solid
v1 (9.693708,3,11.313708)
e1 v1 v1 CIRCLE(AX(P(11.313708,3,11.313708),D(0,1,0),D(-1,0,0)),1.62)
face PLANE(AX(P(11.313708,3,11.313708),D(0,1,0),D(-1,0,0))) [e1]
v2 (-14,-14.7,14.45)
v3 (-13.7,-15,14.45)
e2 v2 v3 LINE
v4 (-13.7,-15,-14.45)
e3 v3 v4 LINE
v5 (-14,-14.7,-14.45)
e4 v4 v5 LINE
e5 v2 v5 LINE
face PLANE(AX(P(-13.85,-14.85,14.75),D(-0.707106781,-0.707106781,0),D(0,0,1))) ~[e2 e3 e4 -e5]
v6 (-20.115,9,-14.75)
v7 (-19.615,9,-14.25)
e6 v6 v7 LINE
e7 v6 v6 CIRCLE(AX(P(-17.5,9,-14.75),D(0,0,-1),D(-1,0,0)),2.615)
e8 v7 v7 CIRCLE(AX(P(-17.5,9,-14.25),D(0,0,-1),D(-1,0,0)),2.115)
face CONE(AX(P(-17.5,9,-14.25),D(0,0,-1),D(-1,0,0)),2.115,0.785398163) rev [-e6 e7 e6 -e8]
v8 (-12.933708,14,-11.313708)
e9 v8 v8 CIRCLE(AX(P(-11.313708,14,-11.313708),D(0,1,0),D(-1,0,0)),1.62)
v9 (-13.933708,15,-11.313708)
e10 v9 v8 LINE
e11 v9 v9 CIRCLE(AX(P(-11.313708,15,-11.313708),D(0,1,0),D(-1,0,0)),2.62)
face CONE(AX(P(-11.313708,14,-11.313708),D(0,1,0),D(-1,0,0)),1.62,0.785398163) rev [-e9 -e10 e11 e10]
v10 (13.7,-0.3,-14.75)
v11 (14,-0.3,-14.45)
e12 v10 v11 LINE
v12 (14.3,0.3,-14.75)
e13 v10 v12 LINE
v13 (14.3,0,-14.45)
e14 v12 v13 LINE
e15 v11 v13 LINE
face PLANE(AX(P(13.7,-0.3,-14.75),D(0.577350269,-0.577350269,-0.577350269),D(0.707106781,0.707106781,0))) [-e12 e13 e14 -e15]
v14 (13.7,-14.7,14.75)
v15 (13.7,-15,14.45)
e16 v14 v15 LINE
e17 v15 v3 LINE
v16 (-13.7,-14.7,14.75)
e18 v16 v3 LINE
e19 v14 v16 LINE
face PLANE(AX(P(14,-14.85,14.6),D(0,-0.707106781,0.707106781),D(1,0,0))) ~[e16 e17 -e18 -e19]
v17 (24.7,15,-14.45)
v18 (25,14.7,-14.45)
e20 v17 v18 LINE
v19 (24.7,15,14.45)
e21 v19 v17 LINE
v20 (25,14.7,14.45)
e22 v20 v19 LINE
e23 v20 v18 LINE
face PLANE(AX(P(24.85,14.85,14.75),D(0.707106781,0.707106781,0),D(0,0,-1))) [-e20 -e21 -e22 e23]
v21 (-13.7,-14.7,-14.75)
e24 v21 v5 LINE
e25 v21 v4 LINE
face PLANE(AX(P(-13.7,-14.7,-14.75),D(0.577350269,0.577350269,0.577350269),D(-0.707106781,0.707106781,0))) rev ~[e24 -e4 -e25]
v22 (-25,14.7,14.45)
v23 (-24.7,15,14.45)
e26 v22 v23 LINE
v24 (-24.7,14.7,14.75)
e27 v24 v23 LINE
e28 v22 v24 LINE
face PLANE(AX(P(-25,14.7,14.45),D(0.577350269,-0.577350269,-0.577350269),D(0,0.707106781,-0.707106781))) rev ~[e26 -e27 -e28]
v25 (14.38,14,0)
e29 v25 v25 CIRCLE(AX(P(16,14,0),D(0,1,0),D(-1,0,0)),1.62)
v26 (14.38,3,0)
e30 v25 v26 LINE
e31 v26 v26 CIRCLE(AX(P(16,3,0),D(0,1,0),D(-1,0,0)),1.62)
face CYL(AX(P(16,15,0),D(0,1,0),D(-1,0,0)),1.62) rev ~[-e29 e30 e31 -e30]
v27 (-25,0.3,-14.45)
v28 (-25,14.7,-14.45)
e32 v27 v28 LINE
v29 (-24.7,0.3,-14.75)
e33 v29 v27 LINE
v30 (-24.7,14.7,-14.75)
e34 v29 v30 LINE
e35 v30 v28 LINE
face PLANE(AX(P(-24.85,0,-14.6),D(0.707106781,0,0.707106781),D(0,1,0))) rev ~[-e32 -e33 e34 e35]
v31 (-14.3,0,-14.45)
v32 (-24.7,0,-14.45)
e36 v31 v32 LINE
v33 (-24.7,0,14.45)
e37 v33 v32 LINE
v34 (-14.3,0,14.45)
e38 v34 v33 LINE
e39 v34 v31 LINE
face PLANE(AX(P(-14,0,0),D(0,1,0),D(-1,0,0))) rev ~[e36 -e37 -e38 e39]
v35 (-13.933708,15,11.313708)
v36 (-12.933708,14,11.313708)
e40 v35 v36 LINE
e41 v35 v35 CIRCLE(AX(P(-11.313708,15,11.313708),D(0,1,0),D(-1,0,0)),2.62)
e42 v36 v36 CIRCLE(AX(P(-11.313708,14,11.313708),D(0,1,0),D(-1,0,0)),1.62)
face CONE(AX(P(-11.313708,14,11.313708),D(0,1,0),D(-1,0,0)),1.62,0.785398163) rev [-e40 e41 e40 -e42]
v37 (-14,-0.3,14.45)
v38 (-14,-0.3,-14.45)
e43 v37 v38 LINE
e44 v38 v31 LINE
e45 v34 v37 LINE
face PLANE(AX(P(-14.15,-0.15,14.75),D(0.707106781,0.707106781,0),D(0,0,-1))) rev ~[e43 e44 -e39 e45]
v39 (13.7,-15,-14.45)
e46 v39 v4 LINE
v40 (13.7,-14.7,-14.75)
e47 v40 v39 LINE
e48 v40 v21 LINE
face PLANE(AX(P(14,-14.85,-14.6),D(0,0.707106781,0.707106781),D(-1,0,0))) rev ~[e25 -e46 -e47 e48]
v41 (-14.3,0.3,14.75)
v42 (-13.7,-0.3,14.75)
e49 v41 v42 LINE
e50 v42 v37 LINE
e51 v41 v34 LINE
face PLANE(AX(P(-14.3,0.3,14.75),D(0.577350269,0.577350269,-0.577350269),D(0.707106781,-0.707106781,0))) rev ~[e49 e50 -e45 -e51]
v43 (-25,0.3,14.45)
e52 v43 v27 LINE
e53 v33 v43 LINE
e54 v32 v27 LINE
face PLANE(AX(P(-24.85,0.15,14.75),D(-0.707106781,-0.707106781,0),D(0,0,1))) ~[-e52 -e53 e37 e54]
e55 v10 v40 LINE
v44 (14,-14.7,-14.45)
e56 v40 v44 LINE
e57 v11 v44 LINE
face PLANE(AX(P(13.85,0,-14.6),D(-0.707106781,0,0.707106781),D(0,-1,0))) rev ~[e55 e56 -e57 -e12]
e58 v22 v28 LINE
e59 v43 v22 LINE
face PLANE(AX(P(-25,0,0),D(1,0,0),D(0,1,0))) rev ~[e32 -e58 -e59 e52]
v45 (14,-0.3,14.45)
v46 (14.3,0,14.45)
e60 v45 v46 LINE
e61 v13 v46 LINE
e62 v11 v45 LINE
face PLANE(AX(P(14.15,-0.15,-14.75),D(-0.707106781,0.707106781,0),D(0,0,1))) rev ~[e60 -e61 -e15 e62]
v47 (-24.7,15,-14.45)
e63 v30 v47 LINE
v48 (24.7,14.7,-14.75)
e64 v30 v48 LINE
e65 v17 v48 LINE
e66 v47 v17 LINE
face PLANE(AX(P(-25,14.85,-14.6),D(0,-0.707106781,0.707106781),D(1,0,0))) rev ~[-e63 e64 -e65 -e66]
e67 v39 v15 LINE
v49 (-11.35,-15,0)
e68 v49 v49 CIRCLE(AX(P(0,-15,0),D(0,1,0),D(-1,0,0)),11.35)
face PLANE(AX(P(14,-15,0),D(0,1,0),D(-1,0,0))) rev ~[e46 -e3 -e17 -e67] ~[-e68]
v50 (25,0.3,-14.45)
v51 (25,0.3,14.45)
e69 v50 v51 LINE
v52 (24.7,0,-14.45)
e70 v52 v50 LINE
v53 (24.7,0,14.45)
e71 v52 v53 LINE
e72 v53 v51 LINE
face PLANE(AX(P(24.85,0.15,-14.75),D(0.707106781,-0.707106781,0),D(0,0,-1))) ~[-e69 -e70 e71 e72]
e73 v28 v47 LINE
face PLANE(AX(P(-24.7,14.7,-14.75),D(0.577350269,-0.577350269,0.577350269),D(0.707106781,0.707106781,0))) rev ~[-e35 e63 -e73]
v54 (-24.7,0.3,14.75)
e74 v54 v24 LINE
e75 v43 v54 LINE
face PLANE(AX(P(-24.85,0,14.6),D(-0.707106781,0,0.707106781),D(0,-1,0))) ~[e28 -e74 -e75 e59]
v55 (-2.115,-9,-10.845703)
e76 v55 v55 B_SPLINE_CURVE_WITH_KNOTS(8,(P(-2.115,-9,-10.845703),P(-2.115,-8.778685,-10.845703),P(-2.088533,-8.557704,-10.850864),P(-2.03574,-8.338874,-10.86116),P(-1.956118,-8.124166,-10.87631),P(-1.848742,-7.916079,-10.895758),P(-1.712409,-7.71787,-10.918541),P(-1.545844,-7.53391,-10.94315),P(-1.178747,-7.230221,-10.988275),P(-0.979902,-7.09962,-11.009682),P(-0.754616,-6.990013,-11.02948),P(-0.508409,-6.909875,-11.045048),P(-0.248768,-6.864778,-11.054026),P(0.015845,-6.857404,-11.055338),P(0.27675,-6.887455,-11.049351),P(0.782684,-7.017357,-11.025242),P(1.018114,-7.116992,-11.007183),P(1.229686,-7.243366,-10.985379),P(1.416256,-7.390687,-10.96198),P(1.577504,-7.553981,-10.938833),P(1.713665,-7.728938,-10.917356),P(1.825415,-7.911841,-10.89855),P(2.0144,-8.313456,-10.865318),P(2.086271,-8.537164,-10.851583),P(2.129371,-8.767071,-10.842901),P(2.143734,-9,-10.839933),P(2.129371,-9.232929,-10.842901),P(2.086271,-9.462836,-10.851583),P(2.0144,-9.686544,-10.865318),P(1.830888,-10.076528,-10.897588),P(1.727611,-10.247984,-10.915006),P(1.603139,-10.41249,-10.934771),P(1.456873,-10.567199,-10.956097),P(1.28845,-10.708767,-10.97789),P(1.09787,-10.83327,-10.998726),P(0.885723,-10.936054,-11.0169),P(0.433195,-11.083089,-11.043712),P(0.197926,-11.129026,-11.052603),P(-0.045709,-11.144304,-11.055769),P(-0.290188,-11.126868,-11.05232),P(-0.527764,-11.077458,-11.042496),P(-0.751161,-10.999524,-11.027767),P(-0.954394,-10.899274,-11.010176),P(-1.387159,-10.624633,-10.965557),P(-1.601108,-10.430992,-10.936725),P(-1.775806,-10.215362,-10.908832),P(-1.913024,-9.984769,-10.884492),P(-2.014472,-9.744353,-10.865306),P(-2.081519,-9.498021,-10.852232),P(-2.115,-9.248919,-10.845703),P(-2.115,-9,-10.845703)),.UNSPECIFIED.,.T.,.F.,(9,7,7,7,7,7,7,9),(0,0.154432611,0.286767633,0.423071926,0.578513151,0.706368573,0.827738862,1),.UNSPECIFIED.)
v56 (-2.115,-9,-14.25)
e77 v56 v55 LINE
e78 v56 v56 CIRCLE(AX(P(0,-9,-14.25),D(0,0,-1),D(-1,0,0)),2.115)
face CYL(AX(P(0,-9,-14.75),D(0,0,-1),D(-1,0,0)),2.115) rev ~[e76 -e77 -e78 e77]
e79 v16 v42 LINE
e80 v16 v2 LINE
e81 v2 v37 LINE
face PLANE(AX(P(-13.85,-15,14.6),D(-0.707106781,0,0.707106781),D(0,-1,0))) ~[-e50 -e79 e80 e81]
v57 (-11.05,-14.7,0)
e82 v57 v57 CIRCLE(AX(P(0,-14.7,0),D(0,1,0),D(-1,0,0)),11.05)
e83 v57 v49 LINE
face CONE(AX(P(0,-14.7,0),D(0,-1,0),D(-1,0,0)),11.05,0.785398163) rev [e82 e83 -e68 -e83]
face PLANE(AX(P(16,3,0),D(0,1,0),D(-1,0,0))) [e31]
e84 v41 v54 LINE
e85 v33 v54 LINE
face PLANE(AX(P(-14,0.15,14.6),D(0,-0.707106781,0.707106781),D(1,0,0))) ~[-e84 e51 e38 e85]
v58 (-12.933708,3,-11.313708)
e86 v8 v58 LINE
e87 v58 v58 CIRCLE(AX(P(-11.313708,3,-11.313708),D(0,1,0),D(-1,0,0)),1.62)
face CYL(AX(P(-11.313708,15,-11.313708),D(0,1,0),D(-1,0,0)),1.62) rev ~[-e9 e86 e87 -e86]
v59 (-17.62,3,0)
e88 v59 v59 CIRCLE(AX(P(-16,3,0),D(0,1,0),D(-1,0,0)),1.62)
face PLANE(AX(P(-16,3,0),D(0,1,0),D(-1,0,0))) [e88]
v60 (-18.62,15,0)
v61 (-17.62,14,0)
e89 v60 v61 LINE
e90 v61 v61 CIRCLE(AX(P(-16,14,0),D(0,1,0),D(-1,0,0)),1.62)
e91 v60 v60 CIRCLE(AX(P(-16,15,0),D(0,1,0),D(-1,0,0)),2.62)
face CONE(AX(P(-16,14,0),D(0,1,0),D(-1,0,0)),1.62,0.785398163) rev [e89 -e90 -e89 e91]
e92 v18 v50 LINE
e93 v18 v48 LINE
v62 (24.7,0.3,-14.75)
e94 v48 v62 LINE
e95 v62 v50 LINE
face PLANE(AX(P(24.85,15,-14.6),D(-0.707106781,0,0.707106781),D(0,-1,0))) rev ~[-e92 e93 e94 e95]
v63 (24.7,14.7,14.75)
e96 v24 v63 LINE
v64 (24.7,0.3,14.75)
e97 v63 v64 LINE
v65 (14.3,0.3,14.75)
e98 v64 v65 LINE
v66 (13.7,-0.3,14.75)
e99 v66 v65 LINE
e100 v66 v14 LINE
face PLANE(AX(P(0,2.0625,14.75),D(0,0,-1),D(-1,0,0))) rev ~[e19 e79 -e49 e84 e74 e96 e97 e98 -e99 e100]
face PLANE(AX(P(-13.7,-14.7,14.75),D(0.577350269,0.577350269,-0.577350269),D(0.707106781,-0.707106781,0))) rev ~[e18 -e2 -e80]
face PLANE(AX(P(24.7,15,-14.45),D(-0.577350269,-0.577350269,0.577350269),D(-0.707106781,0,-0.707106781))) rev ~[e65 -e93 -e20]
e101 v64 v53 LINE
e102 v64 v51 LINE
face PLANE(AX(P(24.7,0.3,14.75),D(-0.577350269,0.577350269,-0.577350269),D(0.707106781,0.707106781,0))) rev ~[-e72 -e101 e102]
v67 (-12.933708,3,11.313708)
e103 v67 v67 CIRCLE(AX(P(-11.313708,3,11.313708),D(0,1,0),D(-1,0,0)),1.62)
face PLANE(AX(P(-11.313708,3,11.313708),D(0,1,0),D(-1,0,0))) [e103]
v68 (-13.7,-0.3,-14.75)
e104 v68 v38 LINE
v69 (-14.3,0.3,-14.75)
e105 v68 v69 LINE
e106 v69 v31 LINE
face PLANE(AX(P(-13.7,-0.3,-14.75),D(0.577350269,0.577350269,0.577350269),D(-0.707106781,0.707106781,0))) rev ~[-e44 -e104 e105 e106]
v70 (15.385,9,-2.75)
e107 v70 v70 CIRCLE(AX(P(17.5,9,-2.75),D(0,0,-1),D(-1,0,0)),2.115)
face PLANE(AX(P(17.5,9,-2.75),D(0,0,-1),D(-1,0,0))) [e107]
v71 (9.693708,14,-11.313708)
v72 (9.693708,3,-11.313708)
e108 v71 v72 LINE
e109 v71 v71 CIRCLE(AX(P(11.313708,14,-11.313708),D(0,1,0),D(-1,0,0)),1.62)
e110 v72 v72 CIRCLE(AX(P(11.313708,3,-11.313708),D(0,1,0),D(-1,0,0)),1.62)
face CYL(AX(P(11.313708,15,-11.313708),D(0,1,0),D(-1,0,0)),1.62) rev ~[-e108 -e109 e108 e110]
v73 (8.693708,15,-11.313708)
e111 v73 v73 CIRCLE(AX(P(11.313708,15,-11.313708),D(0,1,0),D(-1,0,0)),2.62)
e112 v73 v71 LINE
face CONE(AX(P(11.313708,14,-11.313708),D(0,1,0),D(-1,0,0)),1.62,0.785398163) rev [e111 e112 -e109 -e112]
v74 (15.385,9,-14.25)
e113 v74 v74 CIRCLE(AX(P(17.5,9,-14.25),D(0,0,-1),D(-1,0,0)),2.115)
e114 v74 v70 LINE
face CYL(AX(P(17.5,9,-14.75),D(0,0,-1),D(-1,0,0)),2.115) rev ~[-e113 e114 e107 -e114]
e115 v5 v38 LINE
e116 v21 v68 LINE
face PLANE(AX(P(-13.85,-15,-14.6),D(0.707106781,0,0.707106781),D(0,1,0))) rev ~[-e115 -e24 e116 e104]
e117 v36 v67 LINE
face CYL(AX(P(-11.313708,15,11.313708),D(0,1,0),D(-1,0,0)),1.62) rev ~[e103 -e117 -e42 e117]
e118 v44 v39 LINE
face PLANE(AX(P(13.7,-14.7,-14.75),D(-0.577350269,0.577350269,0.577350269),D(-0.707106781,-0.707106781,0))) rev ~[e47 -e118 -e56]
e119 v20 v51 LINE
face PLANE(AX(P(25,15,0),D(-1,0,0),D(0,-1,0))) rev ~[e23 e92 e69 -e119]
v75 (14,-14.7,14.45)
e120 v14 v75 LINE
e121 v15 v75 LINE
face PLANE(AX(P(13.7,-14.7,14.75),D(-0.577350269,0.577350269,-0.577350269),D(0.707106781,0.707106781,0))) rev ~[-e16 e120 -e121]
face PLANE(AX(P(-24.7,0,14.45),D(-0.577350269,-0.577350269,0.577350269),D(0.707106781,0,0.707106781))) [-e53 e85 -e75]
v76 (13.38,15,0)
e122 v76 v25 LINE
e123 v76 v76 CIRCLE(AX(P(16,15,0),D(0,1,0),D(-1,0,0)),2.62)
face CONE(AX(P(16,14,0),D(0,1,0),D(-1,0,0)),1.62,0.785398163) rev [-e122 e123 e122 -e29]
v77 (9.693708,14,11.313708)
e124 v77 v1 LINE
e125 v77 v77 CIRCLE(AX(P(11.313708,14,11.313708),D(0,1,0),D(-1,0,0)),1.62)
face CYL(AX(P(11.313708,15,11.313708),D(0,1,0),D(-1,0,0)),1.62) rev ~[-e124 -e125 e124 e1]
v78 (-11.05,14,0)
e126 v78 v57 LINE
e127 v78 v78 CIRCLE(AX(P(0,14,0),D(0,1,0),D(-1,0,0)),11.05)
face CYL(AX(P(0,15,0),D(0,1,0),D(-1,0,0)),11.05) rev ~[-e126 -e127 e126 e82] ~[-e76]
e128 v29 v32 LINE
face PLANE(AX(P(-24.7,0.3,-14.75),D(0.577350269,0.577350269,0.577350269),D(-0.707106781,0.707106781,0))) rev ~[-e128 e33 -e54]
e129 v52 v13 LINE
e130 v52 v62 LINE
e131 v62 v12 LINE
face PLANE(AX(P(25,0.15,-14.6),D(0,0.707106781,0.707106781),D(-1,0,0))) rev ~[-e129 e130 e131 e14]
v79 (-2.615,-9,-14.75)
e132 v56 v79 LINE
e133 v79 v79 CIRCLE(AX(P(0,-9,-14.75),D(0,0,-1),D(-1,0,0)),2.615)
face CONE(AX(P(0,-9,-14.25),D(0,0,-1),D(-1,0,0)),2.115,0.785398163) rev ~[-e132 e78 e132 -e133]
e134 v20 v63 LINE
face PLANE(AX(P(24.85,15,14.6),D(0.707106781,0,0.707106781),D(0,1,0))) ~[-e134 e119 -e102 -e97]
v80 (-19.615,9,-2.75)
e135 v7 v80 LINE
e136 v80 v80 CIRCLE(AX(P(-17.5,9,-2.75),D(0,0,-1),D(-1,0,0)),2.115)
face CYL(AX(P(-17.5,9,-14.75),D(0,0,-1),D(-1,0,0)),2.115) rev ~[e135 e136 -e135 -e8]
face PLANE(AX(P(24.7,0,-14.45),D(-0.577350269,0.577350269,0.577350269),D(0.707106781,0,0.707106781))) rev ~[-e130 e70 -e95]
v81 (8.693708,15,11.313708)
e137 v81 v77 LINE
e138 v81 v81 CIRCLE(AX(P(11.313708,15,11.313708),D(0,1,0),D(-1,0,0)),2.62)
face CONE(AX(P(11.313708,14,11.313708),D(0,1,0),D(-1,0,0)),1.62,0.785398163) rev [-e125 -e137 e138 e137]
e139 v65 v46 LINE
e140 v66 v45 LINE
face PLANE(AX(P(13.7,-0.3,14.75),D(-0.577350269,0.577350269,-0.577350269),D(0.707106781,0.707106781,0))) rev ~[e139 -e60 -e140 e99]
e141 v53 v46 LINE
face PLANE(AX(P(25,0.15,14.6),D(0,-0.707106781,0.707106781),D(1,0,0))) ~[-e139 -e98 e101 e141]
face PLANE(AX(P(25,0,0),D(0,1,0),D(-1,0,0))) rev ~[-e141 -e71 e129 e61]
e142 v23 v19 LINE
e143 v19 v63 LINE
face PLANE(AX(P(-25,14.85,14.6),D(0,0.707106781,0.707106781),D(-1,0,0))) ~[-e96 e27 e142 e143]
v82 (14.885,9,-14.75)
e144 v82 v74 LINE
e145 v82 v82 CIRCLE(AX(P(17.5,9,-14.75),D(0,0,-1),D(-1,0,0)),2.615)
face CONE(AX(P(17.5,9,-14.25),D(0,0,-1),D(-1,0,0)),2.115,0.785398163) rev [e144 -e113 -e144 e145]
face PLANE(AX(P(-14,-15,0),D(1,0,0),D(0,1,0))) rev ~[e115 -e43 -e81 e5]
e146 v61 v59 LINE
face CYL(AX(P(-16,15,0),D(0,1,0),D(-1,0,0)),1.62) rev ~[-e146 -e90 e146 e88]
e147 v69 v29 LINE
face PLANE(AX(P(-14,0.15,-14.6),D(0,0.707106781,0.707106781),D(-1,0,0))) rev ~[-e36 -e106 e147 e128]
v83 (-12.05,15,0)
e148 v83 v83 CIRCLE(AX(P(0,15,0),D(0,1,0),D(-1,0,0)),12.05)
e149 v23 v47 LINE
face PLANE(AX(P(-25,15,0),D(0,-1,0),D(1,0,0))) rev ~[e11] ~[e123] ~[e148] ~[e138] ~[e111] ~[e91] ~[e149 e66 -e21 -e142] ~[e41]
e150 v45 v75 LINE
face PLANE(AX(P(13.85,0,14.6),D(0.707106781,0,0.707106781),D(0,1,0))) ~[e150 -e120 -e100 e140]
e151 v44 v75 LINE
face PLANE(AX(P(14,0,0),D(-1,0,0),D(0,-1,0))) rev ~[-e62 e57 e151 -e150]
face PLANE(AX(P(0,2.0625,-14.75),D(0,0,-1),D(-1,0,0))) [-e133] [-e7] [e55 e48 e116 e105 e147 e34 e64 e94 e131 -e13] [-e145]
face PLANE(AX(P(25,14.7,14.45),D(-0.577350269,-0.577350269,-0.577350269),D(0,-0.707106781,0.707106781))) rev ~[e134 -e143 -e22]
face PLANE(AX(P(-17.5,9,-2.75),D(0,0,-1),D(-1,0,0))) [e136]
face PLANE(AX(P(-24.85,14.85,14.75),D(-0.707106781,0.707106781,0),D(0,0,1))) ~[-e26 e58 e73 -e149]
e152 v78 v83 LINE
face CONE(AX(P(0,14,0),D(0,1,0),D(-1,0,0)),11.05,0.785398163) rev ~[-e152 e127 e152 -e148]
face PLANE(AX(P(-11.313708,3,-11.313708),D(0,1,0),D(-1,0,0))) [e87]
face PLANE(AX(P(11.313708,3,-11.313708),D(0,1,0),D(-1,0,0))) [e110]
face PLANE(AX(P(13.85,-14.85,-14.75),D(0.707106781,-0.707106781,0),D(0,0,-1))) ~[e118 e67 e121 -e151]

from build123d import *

# Parameters (mm, degrees)
BOSS_EXTRUDE1_DEPTH = 14.75
SKETCH2_R           = 11.05
CUT_EXTRUDE1_DEPTH  = 42.744011547
SKETCH4_R           = 2.115
CUT_EXTRUDE2_DEPTH  = 12
SKETCH5_R           = 1.62
CUT_EXTRUDE3_DEPTH  = 12
CHAMFER1_SIZE       = 1
CHAMFER2_SIZE       = 0.5
CHAMFER3_SIZE       = 0.3


with BuildPart() as part:
    # Sketch1 → Boss-Extrude1 (new, symmetric)
    with BuildSketch(Plane.XY):
        Polygon((14, -15), (-14, -15), (-14, 0), (-25, 0), (-25, 15), (25, 15), (25, 0), (14, 0), align=None)
    extrude(amount=BOSS_EXTRUDE1_DEPTH, both=True)

    # Sketch2 → Cut-Extrude1 (cut, through all)
    with BuildSketch(Plane(origin=(0, 15, 0), x_dir=(1, 0, 0), z_dir=(0, 1, 0))):
        with Locations(Location((0, 0, 0), (0, 0, 180))):
            Circle(SKETCH2_R)
    extrude(amount=-CUT_EXTRUDE1_DEPTH, mode=Mode.SUBTRACT)

    # Sketch4 → Cut-Extrude2 (cut)
    with BuildSketch(Plane(origin=(0, 0, -14.75), x_dir=(-1, 0, 0), z_dir=(0, 0, -1))):
        with Locations((-17.5, 9)):
            Circle(SKETCH4_R)
        with Locations((17.5, 9)):
            Circle(SKETCH4_R)
        with Locations((0, -9)):
            Circle(SKETCH4_R)
    extrude(amount=-CUT_EXTRUDE2_DEPTH, mode=Mode.SUBTRACT)

    # Sketch5 → Cut-Extrude3 (cut)
    with BuildSketch(Plane(origin=(0, 15, 0), x_dir=(1, 0, 0), z_dir=(0, 1, 0))):
        with Locations(Location((16, 0, 0), (0, 0, 180))):
            Circle(SKETCH5_R)
        with Locations(Location((11.313708499, -11.313708499, 0), (0, 0, 180))):
            Circle(SKETCH5_R)
        with Locations(Location((-11.313708499, -11.313708499, 0), (0, 0, 180))):
            Circle(SKETCH5_R)
        with Locations(Location((-16, 0, 0), (0, 0, 180))):
            Circle(SKETCH5_R)
        with Locations(Location((-11.313708499, 11.313708499, 0), (0, 0, 180))):
            Circle(SKETCH5_R)
        with Locations(Location((11.313708499, 11.313708499, 0), (0, 0, 180))):
            Circle(SKETCH5_R)
    extrude(amount=-CUT_EXTRUDE3_DEPTH, mode=Mode.SUBTRACT)

    # Chamfer1
    chamfer1_edges = [part.edges().sort_by_distance(p)[0] for p in [
        (11.05, 15, 0),
        (17.62, 15, 0),
        (12.933708499, 15, 11.313708499),
        (-9.693708499, 15, 11.313708499),
        (-14.38, 15, 0),
        (-9.693708499, 15, -11.313708499),
        (12.933708499, 15, -11.313708499),
    ]]
    chamfer(chamfer1_edges, length=CHAMFER1_SIZE)

    # Chamfer2
    chamfer2_edges = [part.edges().sort_by_distance(p)[0] for p in [
        (19.615, 9, -14.75),
        (-15.385, 9, -14.75),
        (2.115, -9, -14.75),
    ]]
    chamfer(chamfer2_edges, length=CHAMFER2_SIZE)

    # Chamfer3
    chamfer3_edges = [part.edges().sort_by_distance(p)[0] for p in [
        (0, 15, 14.75),
        (25, 7.5, -14.75),
        (19.5, 0, -14.75),
        (-25, 7.5, 14.75),
        (14, 0, 0),
        (14, -15, 0),
        (-14, -15, 0),
        (-14, 0, 0),
        (-25, 0, 0),
        (-25, 15, 0),
        (25, 15, 0),
        (25, 0, 0),
        (-19.5, 0, 14.75),
        (-14, -7.5, 14.75),
        (0, -15, 14.75),
        (11.05, -15, 0),
        (14, -7.5, 14.75),
        (19.5, 0, 14.75),
        (25, 7.5, 14.75),
        (14, -7.5, -14.75),
        (0, -15, -14.75),
        (-14, -7.5, -14.75),
        (-19.5, 0, -14.75),
        (-25, 7.5, -14.75),
        (0, 15, -14.75),
    ]]
    chamfer(chamfer3_edges, length=CHAMFER3_SIZE)


solid = part.part
